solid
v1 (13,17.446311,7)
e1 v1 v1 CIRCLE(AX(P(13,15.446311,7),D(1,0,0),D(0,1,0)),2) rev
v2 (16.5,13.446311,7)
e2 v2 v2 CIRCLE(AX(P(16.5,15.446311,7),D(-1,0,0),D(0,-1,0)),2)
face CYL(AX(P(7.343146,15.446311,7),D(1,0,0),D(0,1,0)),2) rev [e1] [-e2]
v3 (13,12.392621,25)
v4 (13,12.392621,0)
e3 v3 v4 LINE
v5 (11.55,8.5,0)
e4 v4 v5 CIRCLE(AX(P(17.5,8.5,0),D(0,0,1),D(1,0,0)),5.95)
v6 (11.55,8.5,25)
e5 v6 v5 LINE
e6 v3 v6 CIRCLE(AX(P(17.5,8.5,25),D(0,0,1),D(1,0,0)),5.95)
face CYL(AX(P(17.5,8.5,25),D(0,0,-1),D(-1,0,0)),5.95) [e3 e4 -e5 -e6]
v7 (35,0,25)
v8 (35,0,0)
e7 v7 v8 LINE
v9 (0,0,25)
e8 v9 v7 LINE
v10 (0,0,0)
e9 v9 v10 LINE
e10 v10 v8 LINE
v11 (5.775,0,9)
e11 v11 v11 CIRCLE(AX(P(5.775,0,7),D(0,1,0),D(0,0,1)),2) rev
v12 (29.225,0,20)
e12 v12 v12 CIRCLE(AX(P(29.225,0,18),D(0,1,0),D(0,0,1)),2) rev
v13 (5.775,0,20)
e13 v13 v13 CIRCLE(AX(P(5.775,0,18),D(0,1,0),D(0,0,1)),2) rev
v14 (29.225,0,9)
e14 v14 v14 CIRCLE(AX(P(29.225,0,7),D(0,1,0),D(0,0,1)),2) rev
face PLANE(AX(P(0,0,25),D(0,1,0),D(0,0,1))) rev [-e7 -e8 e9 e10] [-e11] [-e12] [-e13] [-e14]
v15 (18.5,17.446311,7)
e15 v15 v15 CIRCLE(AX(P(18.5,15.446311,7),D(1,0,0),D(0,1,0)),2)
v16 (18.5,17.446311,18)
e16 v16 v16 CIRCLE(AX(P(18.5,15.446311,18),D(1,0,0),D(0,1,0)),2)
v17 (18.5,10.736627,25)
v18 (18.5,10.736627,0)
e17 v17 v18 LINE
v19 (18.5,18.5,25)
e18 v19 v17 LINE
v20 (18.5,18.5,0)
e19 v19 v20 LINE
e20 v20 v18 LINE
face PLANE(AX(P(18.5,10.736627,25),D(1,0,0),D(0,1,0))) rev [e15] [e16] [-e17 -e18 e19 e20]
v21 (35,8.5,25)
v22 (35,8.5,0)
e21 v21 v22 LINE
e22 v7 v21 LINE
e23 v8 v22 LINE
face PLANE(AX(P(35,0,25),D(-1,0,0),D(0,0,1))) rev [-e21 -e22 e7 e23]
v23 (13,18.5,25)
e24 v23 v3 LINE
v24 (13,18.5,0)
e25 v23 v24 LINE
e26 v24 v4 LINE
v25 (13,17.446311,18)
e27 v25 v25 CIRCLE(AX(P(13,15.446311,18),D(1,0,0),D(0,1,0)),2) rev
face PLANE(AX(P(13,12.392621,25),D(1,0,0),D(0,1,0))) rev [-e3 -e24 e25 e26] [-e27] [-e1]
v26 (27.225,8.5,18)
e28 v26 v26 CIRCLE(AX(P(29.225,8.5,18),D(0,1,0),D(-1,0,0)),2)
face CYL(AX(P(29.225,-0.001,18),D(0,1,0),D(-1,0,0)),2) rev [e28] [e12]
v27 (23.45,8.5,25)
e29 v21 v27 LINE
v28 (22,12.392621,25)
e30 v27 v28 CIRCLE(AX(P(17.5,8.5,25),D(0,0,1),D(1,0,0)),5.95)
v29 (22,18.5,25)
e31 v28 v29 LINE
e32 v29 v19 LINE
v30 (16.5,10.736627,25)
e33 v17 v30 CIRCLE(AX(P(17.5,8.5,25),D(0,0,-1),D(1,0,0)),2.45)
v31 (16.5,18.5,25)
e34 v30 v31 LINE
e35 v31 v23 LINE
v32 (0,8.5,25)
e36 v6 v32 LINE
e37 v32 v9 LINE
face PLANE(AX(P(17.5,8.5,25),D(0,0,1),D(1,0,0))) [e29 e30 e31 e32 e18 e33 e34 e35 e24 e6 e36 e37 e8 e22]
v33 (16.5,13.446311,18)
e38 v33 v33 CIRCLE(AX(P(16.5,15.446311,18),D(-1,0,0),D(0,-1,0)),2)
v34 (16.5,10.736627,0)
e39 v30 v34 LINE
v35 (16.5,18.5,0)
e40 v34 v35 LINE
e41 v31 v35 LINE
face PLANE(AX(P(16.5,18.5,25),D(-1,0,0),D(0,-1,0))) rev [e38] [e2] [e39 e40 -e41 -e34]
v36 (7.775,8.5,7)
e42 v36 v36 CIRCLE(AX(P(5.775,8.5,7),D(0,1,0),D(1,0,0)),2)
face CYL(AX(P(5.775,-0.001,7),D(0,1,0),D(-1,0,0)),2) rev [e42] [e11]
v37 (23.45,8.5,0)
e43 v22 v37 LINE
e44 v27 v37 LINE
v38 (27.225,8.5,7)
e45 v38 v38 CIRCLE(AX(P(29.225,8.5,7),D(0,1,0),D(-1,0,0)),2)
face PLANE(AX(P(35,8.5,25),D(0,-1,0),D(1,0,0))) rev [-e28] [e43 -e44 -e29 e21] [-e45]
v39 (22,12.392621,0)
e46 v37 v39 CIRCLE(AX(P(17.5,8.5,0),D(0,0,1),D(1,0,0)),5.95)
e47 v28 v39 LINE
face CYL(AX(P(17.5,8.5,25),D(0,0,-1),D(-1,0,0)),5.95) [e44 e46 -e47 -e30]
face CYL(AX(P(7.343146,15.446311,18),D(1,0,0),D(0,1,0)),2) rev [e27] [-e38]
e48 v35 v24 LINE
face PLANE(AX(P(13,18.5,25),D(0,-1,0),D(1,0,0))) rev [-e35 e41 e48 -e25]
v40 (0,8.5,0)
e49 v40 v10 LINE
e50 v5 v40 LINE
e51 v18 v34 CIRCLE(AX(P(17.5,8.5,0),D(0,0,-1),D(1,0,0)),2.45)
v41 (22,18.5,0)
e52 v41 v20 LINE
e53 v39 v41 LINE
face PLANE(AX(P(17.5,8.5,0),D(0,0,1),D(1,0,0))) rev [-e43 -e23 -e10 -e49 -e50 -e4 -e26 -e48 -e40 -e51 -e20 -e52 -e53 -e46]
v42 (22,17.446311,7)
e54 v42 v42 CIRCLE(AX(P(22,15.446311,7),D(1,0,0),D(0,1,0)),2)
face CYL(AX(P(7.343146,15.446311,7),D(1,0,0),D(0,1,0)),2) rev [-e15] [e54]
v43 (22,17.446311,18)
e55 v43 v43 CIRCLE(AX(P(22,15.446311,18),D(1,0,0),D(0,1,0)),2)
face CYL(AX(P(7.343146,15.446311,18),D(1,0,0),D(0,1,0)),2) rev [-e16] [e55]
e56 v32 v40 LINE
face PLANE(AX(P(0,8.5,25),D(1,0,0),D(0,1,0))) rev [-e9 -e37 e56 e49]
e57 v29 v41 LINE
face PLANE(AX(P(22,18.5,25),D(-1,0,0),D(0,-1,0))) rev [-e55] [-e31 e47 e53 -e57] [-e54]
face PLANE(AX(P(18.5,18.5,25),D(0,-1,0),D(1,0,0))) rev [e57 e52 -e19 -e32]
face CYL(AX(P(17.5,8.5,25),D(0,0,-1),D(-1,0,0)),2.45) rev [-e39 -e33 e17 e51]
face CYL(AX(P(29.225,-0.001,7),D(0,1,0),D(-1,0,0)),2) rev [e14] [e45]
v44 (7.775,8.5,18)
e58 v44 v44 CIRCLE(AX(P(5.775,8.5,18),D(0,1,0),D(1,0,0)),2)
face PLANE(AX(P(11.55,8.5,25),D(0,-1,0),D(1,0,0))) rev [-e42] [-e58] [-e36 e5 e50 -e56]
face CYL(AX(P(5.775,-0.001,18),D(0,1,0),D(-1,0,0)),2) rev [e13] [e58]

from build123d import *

# Parameters (mm, degrees)
BOSS_EXTRUDE1_DEPTH = 25
CUT_EXTRUDE1_REACH  = 40.095
SKETCH2_R           = 2
CUT_EXTRUDE2_REACH  = 46.159
SKETCH3_R           = 2


with BuildPart() as part:
    # Sketch1 → Boss-Extrude1 (new body)
    with BuildSketch(Plane.XY):
        with BuildLine():
            Line((0, 0), (35, 0))
            Line((35, 0), (35, 8.5))
            Line((35, 8.5), (23.45, 8.5))
            ThreePointArc((23.45, 8.5), (23.075728652, 10.576956909), (22, 12.392621225))
            Line((22, 12.392621225), (22, 18.5))
            Line((22, 18.5), (18.5, 18.5))
            Line((18.5, 18.5), (18.5, 10.736626925))
            ThreePointArc((18.5, 10.736626925), (17.5, 6.05), (16.5, 10.736626925))
            Line((16.5, 10.736626925), (16.5, 18.5))
            Line((16.5, 18.5), (13, 18.5))
            Line((13, 18.5), (13, 12.392621225))
            ThreePointArc((13, 12.392621225), (11.924271348, 10.576956909), (11.55, 8.5))
            Line((11.55, 8.5), (0, 8.5))
            Line((0, 8.5), (0, 0))
        make_face()
    extrude(amount=BOSS_EXTRUDE1_DEPTH)

    # Cut-Extrude1: up to this face of the body (flat: up to its plane)
    cut_extrude1_end = Plane(part.part.faces().sort_by_distance((13, 15.446310612, 12.5))[0])
    # Sketch2 → Cut-Extrude1 (cut, up to the picked face)
    with BuildSketch(Plane(origin=(22, 0, 0), x_dir=(0, 0, -1), z_dir=(1, 0, 0)), mode=Mode.PRIVATE) as cut_extrude1_sk1:
        with Locations(Location((-18, 15.446310612, 0), (0, 0, 90))):
            Circle(SKETCH2_R)
    cut_extrude1_tool1 = split(extrude(cut_extrude1_sk1.sketch, amount=-CUT_EXTRUDE1_REACH, mode=Mode.PRIVATE), bisect_by=cut_extrude1_end, keep=Keep.BOTH, mode=Mode.PRIVATE)
    # Sketch2 → Cut-Extrude1 (cut, up to the picked face)
    with BuildSketch(Plane(origin=(22, 0, 0), x_dir=(0, 0, -1), z_dir=(1, 0, 0)), mode=Mode.PRIVATE) as cut_extrude1_sk2:
        with Locations(Location((-7, 15.446310612, 0), (0, 0, 90))):
            Circle(SKETCH2_R)
    cut_extrude1_tool2 = split(extrude(cut_extrude1_sk2.sketch, amount=-CUT_EXTRUDE1_REACH, mode=Mode.PRIVATE), bisect_by=cut_extrude1_end, keep=Keep.BOTH, mode=Mode.PRIVATE)
    add(cut_extrude1_tool1.solids().sort_by(Axis((22, 15.446311, 18), (-1, 0, 0)))[0], mode=Mode.SUBTRACT)
    add(cut_extrude1_tool2.solids().sort_by(Axis((22, 15.446311, 7), (-1, 0, 0)))[0], mode=Mode.SUBTRACT)

    # Sketch3 → Cut-Extrude2 (cut, up to next)
    with BuildSketch(Plane(origin=(0, 8.5, 0), x_dir=(1, 0, 0), z_dir=(0, 1, 0)), mode=Mode.PRIVATE) as cut_extrude2_sk1:
        with Locations(Location((29.225, -18, 0), (0, 0, 180))):
            Circle(SKETCH3_R)
    cut_extrude2_tool1 = extrude(cut_extrude2_sk1.sketch, amount=-CUT_EXTRUDE2_REACH, mode=Mode.PRIVATE) & part.part
    # Sketch3 → Cut-Extrude2 (cut, up to next)
    with BuildSketch(Plane(origin=(0, 8.5, 0), x_dir=(1, 0, 0), z_dir=(0, 1, 0)), mode=Mode.PRIVATE) as cut_extrude2_sk2:
        with Locations(Location((29.225, -7, 0), (0, 0, 180))):
            Circle(SKETCH3_R)
    cut_extrude2_tool2 = extrude(cut_extrude2_sk2.sketch, amount=-CUT_EXTRUDE2_REACH, mode=Mode.PRIVATE) & part.part
    # Sketch3 → Cut-Extrude2 (cut, up to next)
    with BuildSketch(Plane(origin=(0, 8.5, 0), x_dir=(1, 0, 0), z_dir=(0, 1, 0)), mode=Mode.PRIVATE) as cut_extrude2_sk3:
        with Locations(Location((5.775, -7, 0), (0, 0, 270))):
            Circle(SKETCH3_R)
    cut_extrude2_tool3 = extrude(cut_extrude2_sk3.sketch, amount=-CUT_EXTRUDE2_REACH, mode=Mode.PRIVATE) & part.part
    # Sketch3 → Cut-Extrude2 (cut, up to next)
    with BuildSketch(Plane(origin=(0, 8.5, 0), x_dir=(1, 0, 0), z_dir=(0, 1, 0)), mode=Mode.PRIVATE) as cut_extrude2_sk4:
        with Locations(Location((5.775, -18, 0), (0, 0, 270))):
            Circle(SKETCH3_R)
    cut_extrude2_tool4 = extrude(cut_extrude2_sk4.sketch, amount=-CUT_EXTRUDE2_REACH, mode=Mode.PRIVATE) & part.part
    add(cut_extrude2_tool1.solids().sort_by_distance((29.225, 8.5, 18))[0], mode=Mode.SUBTRACT)
    add(cut_extrude2_tool2.solids().sort_by_distance((29.225, 8.5, 7))[0], mode=Mode.SUBTRACT)
    add(cut_extrude2_tool3.solids().sort_by_distance((5.775, 8.5, 7))[0], mode=Mode.SUBTRACT)
    add(cut_extrude2_tool4.solids().sort_by_distance((5.775, 8.5, 18))[0], mode=Mode.SUBTRACT)


solid = part.part
